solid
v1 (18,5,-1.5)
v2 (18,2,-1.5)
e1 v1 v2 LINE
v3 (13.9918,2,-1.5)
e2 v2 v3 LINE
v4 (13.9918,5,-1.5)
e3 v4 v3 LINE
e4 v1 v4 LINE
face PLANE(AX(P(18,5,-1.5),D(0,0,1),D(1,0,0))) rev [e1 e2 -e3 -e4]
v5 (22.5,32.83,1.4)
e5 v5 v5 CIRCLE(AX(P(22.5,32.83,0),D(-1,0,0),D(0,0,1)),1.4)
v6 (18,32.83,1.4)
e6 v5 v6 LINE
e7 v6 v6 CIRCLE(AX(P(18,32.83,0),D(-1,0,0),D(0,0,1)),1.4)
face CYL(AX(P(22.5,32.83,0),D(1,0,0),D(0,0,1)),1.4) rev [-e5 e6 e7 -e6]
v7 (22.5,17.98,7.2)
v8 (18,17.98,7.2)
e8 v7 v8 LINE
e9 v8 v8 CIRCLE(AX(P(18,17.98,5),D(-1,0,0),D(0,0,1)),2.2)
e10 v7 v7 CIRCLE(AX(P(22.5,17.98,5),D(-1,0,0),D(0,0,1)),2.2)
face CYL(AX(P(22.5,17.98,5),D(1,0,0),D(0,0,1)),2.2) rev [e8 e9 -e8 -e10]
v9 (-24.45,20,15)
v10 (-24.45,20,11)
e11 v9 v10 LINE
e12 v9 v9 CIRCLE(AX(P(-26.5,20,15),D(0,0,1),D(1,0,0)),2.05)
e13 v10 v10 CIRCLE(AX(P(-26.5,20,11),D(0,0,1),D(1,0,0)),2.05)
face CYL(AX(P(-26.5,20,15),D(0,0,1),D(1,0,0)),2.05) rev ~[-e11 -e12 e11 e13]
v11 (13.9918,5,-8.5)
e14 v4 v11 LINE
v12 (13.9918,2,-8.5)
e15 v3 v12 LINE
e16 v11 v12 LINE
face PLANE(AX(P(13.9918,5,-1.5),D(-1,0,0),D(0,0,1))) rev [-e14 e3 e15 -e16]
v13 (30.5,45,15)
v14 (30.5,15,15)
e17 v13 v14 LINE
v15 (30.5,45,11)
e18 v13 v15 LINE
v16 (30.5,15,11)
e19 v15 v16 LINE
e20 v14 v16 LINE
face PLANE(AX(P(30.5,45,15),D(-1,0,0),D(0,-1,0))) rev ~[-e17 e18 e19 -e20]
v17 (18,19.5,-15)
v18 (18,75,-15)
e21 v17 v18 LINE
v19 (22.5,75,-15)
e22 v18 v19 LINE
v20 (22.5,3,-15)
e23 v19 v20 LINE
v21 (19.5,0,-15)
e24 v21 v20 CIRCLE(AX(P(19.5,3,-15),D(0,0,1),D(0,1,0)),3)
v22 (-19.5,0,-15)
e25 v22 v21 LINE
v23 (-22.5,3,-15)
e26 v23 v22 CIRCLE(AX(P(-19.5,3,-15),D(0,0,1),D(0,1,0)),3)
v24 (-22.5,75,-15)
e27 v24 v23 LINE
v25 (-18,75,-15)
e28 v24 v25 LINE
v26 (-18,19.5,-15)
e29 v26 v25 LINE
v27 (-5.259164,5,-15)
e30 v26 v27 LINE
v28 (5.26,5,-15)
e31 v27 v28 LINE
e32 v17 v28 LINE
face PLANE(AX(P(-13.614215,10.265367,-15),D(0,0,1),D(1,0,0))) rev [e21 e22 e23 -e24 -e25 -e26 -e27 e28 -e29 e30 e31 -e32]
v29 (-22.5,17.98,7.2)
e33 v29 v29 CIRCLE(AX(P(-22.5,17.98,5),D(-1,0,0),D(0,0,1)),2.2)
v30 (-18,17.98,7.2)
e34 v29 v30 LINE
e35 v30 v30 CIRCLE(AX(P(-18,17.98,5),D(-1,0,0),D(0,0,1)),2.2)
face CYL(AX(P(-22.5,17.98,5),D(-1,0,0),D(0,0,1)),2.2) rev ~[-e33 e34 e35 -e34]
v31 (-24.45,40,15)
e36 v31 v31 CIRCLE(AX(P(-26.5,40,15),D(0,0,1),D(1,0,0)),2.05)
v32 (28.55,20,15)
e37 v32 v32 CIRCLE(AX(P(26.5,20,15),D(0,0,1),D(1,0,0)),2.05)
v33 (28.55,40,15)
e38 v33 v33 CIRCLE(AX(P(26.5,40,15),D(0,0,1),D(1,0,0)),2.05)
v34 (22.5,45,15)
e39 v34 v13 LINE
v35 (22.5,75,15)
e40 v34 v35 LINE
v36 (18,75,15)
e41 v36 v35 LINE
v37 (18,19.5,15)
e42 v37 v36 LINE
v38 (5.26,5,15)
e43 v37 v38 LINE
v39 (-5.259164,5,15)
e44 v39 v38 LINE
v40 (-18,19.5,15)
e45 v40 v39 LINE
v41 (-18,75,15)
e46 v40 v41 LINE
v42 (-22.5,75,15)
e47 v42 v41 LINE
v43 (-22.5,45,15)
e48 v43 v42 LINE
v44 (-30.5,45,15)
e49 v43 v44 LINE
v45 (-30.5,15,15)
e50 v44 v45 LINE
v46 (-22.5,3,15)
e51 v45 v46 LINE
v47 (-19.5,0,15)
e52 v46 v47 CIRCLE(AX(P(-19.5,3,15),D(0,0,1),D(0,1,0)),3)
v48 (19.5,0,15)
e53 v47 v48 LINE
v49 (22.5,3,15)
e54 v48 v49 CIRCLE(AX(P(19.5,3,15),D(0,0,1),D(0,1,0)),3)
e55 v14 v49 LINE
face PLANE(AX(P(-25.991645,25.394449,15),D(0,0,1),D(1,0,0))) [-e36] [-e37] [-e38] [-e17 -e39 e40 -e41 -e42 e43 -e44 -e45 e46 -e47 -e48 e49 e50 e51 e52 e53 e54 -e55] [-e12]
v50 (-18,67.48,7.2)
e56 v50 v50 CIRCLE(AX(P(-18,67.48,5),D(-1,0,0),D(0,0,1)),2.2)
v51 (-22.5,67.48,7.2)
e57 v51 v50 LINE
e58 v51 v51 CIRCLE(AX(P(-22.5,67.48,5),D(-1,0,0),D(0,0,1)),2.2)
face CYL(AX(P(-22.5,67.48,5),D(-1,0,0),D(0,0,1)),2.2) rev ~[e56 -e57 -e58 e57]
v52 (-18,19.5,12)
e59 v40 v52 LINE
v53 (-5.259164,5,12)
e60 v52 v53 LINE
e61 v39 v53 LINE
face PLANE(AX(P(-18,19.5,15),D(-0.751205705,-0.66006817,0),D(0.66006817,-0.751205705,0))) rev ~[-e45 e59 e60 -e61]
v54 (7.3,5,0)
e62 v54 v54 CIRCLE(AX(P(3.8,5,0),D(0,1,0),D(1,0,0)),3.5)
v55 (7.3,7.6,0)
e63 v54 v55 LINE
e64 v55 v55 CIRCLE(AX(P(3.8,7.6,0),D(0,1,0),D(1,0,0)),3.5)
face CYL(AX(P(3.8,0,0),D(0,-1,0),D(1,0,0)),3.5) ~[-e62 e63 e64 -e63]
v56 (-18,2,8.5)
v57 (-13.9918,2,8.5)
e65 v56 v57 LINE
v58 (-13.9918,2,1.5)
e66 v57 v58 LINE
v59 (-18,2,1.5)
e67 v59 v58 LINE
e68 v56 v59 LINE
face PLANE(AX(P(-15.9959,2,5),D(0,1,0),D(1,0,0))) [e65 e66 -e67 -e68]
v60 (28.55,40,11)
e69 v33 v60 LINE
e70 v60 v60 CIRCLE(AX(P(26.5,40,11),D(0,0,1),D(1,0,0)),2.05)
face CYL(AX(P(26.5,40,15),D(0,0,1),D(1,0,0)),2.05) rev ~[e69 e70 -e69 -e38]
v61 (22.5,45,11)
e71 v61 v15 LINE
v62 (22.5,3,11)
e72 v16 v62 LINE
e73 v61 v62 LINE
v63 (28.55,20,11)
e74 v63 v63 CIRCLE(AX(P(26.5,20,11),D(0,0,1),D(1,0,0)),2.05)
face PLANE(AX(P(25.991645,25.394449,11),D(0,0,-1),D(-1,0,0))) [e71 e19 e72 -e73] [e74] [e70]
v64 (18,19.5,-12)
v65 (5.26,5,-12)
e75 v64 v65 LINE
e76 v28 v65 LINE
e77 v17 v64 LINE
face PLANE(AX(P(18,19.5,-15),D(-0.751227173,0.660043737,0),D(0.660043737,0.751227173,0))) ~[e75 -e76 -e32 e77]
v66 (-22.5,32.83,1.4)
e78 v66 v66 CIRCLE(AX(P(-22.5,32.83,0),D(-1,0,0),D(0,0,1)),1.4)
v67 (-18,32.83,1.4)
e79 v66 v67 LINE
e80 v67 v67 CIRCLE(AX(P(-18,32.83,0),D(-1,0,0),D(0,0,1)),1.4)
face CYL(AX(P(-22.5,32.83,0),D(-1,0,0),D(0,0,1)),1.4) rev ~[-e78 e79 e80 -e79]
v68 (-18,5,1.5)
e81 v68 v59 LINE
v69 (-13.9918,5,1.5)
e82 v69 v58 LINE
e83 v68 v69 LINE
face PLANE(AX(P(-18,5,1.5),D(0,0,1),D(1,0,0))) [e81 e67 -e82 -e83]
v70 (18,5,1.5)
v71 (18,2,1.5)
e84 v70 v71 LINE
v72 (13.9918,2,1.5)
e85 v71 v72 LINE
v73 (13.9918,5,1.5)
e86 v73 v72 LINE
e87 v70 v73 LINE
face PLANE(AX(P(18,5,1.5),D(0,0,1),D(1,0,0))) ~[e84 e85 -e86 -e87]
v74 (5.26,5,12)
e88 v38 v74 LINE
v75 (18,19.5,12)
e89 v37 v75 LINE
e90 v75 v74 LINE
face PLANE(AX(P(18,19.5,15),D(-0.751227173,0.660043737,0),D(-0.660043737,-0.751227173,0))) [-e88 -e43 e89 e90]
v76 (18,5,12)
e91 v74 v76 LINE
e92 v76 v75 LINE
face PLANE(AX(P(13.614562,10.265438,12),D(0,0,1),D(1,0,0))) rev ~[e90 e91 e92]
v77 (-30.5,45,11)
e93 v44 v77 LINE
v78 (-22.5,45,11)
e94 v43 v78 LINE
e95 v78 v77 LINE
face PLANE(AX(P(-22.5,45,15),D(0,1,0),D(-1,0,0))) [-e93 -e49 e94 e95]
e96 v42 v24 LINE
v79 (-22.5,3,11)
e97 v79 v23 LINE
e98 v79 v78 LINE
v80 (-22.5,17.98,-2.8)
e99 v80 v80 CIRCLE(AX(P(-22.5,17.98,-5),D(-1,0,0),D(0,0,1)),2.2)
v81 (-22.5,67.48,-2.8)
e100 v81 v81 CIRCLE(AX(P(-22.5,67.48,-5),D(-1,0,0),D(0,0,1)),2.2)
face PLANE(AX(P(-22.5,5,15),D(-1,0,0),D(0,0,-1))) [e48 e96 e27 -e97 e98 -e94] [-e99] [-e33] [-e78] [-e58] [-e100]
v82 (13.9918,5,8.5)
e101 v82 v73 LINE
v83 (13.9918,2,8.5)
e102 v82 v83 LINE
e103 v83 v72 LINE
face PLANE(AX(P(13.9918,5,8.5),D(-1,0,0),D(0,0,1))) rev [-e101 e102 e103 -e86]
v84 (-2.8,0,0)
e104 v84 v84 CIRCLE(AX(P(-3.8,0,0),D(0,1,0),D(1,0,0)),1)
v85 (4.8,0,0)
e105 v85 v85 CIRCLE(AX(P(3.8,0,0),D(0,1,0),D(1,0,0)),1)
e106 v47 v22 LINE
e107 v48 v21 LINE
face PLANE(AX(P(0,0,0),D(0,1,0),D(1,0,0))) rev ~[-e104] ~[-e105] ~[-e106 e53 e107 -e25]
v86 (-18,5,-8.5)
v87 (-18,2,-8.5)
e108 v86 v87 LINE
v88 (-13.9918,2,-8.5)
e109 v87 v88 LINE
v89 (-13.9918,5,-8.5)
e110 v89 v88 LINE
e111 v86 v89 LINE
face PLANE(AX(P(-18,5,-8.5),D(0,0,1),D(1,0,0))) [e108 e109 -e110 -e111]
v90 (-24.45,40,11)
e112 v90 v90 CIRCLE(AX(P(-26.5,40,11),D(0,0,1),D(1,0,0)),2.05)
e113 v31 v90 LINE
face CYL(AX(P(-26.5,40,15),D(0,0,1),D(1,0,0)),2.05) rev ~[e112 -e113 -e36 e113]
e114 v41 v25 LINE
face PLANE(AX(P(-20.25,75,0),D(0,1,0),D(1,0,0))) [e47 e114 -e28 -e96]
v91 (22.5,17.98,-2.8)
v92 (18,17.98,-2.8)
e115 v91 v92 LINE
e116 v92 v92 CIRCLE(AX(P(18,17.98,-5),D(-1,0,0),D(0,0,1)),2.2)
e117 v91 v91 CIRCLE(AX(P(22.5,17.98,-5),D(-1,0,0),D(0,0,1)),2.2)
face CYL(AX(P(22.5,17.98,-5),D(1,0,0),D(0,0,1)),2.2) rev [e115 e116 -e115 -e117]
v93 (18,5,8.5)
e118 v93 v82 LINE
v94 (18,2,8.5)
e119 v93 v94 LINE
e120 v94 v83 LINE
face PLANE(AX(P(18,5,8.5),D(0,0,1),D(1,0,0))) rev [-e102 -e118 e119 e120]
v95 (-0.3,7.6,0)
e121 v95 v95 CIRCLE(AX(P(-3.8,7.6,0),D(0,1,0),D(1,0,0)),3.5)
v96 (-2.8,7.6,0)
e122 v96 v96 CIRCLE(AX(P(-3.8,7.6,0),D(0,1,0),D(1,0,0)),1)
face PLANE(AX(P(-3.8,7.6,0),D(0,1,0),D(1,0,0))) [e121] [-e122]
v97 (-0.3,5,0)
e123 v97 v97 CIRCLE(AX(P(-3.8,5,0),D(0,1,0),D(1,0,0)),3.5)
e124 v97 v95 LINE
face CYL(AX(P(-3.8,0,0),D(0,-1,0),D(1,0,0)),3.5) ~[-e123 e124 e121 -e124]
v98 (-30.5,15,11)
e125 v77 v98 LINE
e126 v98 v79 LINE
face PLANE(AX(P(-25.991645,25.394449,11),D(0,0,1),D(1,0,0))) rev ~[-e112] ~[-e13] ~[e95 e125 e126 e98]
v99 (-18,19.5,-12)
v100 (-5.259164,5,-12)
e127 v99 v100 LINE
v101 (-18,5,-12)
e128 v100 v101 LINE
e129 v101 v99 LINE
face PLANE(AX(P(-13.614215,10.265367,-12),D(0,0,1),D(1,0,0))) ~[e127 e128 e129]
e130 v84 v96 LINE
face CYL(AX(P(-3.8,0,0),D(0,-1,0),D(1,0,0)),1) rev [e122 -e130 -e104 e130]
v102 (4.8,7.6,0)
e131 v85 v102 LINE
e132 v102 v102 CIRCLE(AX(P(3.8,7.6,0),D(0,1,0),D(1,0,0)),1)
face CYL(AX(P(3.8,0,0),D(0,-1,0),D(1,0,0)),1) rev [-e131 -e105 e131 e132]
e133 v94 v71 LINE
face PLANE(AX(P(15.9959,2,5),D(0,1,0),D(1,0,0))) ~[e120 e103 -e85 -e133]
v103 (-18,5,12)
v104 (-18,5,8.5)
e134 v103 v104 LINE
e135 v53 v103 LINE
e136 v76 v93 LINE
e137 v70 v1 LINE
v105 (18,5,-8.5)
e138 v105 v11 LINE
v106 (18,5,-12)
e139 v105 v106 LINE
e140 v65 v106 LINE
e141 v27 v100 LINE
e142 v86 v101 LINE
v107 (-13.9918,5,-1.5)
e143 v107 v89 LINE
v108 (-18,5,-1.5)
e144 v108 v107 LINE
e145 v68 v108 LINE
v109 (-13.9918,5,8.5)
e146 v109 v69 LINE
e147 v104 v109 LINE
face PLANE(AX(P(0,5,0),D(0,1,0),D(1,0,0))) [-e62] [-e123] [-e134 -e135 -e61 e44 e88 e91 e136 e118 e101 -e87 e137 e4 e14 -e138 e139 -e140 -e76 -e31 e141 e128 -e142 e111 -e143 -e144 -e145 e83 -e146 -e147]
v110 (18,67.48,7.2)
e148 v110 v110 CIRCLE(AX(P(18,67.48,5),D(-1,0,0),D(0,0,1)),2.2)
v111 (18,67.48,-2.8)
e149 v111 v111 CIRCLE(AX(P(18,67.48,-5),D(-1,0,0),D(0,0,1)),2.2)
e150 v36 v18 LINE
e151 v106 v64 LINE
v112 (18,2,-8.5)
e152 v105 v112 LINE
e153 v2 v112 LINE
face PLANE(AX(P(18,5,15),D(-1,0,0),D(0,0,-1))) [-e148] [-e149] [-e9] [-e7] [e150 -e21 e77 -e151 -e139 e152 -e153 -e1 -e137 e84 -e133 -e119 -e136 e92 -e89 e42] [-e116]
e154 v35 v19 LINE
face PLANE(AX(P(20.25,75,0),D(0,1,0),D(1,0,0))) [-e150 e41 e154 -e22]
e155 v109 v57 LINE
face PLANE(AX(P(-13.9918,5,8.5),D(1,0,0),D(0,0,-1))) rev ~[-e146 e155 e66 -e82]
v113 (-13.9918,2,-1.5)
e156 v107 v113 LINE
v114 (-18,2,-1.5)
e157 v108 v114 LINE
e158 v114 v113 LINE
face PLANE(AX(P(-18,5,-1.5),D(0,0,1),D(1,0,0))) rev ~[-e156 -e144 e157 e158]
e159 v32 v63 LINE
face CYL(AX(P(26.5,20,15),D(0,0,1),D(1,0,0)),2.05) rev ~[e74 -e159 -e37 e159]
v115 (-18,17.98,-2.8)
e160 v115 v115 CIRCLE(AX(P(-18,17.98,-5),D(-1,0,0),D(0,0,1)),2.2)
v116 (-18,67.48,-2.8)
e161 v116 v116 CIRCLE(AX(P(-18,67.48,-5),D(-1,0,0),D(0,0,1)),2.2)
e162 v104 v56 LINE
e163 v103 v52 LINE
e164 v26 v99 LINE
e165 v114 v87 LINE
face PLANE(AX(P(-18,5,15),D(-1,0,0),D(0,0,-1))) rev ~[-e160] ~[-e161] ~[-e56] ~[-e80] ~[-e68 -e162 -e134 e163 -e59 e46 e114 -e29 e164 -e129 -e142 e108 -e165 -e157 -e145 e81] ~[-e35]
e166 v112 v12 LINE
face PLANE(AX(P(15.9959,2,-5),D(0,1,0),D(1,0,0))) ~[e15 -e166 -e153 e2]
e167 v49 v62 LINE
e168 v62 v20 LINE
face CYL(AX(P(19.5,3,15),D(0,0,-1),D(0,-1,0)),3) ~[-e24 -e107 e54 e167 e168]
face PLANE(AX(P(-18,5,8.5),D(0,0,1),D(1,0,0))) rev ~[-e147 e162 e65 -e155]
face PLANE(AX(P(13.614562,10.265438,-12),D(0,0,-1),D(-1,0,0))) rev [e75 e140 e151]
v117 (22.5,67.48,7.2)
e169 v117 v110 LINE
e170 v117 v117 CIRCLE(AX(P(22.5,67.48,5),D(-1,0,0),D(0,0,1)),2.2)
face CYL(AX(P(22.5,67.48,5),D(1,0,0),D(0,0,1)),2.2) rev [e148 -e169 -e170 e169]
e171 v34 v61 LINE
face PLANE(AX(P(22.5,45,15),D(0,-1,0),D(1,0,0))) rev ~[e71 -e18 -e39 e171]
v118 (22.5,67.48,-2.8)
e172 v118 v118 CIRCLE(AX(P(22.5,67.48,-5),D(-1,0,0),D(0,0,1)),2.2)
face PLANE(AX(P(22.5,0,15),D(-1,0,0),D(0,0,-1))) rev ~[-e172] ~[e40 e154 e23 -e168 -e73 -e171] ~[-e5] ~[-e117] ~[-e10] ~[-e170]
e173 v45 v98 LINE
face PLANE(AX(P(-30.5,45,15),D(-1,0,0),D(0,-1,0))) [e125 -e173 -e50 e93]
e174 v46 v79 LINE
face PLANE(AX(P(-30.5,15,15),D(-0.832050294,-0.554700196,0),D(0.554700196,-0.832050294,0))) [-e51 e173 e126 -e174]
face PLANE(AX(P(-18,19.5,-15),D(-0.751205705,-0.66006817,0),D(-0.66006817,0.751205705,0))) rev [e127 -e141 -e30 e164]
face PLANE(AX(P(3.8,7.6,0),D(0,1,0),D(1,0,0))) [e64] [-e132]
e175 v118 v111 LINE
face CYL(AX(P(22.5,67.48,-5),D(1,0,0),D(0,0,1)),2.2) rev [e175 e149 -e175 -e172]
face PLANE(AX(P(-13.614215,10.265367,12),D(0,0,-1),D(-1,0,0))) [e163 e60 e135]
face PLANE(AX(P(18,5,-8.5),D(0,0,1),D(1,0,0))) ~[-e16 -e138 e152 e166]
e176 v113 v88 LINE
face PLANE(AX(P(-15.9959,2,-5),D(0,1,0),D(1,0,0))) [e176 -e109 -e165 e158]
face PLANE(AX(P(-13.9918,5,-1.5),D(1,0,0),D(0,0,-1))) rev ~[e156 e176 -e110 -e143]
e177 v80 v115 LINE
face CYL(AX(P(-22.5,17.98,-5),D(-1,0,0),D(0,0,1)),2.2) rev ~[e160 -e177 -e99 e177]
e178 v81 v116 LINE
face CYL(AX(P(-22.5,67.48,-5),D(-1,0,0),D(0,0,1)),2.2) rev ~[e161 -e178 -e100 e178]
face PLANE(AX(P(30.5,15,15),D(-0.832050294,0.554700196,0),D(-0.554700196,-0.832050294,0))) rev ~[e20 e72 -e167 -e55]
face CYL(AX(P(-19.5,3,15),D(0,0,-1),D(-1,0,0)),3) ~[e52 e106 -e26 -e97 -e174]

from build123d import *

# Parameters (mm, degrees)
SKETCH1_W           = 45
SKETCH1_H           = 30
SKETCH1_R           = 3.5
BOSS_EXTRUDE1_DEPTH = 5
SKETCH1_4_R         = 3.5
SKETCH1_4_R_2       = 1
BOSS_EXTRUDE2_DEPTH = 7.6
SKETCH2_W           = 4.5
SKETCH2_H           = 30
BOSS_EXTRUDE3_DEPTH = 70
SKETCH3_R           = 1.4
SKETCH3_R_2         = 2.2
CUT_EXTRUDE1_DEPTH  = 4.5
FILLET1_R           = 3
SKETCH6_W           = 4.008200323
SKETCH6_H           = 7
CUT_EXTRUDE3_DEPTH  = 3
BOSS_EXTRUDE4_DEPTH = 3
SKETCH8_R           = 2.05
BOSS_EXTRUDE5_DEPTH = 4


with BuildPart() as part:
    # Sketch1 → Boss-Extrude1 (new body)
    with BuildSketch(Plane(origin=(0, 0, 0), x_dir=(1, 0, 0), z_dir=(0, 1, 0))):
        Rectangle(SKETCH1_W, SKETCH1_H)
        with Locations((-3.8, 0)):
            Circle(SKETCH1_R, mode=Mode.SUBTRACT)
        with Locations((3.8, 0)):
            Circle(SKETCH1_R, mode=Mode.SUBTRACT)
    extrude(amount=BOSS_EXTRUDE1_DEPTH)

    # Sketch1<4> → Boss-Extrude2 (add)
    # profile 1 of 2: a face of its own
    with BuildSketch(Plane(origin=(0, 0, 0), x_dir=(1, 0, 0), z_dir=(0, 1, 0))):
        with Locations((-3.8, 0)):
            Circle(SKETCH1_4_R)
        with Locations((-3.8, 0)):
            Circle(SKETCH1_4_R_2, mode=Mode.SUBTRACT)
    # profile 2 of 2: a face of its own
    with BuildSketch(Plane(origin=(0, 0, 0), x_dir=(1, 0, 0), z_dir=(0, 1, 0))):
        with Locations((3.8, 0)):
            Circle(SKETCH1_4_R)
        with Locations((3.8, 0)):
            Circle(SKETCH1_4_R_2, mode=Mode.SUBTRACT)
    extrude(amount=BOSS_EXTRUDE2_DEPTH)

    # Sketch2 → Boss-Extrude3 (add)
    with BuildSketch(Plane(origin=(0, 5, 0), x_dir=(1, 0, 0), z_dir=(0, 1, 0))):
        with Locations((-20.25, 0)):
            Rectangle(SKETCH2_W, SKETCH2_H)
        with Locations((20.25, 0)):
            Rectangle(SKETCH2_W, SKETCH2_H)
    extrude(amount=BOSS_EXTRUDE3_DEPTH)

    # Sketch3 → Cut-Extrude1 (cut)
    with BuildSketch(Plane.ZY.offset(22.5)):
        with Locations((0, 32.83)):
            Circle(SKETCH3_R)
        with Locations((5, 17.98)):
            Circle(SKETCH3_R_2)
        with Locations((-5, 17.98)):
            Circle(SKETCH3_R_2)
        with Locations((-5, 67.48)):
            Circle(SKETCH3_R_2)
        with Locations((5, 67.48)):
            Circle(SKETCH3_R_2)
    cut_extrude1 = extrude(amount=-CUT_EXTRUDE1_DEPTH, mode=Mode.SUBTRACT)

    # Fillet1
    fillet1_edges = [part.edges().sort_by_distance(p)[0] for p in [
        (22.5, 0, 0),
        (-22.5, 0, 0),
    ]]
    fillet(fillet1_edges, radius=FILLET1_R)

    # Sketch6 → Cut-Extrude3 (cut)
    with BuildSketch(Plane(origin=(0, 5, 0), x_dir=(1, 0, 0), z_dir=(0, 1, 0))):
        with Locations((-15.995899839, 5)):
            Rectangle(SKETCH6_W, SKETCH6_H)
        with Locations((-15.995899839, -5)):
            Rectangle(SKETCH6_W, SKETCH6_H)
    cut_extrude3 = extrude(amount=-CUT_EXTRUDE3_DEPTH, mode=Mode.SUBTRACT)

    # Mirror1: Cut-Extrude1, Cut-Extrude3 across plane
    add(cut_extrude1.mirror(Plane(origin=(0, 0, 0), x_dir=(0, 0, 1), z_dir=(1, 0, 0))), mode=Mode.SUBTRACT)
    add(cut_extrude3.mirror(Plane(origin=(0, 0, 0), x_dir=(0, 0, 1), z_dir=(1, 0, 0))), mode=Mode.SUBTRACT)

    # Sketch7 → Boss-Extrude4 (add)
    with BuildSketch(Plane.XY.offset(15)):
        Polygon((-18, 19.5), (-5.259164302, 5), (-18, 5), align=None)
        Polygon((5.26, 5), (18, 5), (18, 19.5), align=None)
    boss_extrude4 = extrude(amount=-BOSS_EXTRUDE4_DEPTH)

    # Mirror2: Boss-Extrude4 across plane
    add(boss_extrude4.mirror(Plane.XY))

    # Sketch8 → Boss-Extrude5 (add)
    # profile 1 of 2: a face of its own
    with BuildSketch(Plane.XY.offset(15)):
        Polygon((-22.5, 15), (-22.5, 45), (-30.5, 45), (-30.5, 15), (-22.5, 3), align=None)
        with Locations((-26.5, 40)):
            Circle(SKETCH8_R, mode=Mode.SUBTRACT)
        with Locations((-26.5, 20)):
            Circle(SKETCH8_R, mode=Mode.SUBTRACT)
    # profile 2 of 2: a face of its own
    with BuildSketch(Plane.XY.offset(15)):
        Polygon((30.5, 15), (22.5, 3), (22.5, 15), (22.5, 45), (30.5, 45), align=None)
        with Locations((26.5, 20)):
            Circle(SKETCH8_R, mode=Mode.SUBTRACT)
        with Locations((26.5, 40)):
            Circle(SKETCH8_R, mode=Mode.SUBTRACT)
    extrude(amount=-BOSS_EXTRUDE5_DEPTH)


solid = part.part
